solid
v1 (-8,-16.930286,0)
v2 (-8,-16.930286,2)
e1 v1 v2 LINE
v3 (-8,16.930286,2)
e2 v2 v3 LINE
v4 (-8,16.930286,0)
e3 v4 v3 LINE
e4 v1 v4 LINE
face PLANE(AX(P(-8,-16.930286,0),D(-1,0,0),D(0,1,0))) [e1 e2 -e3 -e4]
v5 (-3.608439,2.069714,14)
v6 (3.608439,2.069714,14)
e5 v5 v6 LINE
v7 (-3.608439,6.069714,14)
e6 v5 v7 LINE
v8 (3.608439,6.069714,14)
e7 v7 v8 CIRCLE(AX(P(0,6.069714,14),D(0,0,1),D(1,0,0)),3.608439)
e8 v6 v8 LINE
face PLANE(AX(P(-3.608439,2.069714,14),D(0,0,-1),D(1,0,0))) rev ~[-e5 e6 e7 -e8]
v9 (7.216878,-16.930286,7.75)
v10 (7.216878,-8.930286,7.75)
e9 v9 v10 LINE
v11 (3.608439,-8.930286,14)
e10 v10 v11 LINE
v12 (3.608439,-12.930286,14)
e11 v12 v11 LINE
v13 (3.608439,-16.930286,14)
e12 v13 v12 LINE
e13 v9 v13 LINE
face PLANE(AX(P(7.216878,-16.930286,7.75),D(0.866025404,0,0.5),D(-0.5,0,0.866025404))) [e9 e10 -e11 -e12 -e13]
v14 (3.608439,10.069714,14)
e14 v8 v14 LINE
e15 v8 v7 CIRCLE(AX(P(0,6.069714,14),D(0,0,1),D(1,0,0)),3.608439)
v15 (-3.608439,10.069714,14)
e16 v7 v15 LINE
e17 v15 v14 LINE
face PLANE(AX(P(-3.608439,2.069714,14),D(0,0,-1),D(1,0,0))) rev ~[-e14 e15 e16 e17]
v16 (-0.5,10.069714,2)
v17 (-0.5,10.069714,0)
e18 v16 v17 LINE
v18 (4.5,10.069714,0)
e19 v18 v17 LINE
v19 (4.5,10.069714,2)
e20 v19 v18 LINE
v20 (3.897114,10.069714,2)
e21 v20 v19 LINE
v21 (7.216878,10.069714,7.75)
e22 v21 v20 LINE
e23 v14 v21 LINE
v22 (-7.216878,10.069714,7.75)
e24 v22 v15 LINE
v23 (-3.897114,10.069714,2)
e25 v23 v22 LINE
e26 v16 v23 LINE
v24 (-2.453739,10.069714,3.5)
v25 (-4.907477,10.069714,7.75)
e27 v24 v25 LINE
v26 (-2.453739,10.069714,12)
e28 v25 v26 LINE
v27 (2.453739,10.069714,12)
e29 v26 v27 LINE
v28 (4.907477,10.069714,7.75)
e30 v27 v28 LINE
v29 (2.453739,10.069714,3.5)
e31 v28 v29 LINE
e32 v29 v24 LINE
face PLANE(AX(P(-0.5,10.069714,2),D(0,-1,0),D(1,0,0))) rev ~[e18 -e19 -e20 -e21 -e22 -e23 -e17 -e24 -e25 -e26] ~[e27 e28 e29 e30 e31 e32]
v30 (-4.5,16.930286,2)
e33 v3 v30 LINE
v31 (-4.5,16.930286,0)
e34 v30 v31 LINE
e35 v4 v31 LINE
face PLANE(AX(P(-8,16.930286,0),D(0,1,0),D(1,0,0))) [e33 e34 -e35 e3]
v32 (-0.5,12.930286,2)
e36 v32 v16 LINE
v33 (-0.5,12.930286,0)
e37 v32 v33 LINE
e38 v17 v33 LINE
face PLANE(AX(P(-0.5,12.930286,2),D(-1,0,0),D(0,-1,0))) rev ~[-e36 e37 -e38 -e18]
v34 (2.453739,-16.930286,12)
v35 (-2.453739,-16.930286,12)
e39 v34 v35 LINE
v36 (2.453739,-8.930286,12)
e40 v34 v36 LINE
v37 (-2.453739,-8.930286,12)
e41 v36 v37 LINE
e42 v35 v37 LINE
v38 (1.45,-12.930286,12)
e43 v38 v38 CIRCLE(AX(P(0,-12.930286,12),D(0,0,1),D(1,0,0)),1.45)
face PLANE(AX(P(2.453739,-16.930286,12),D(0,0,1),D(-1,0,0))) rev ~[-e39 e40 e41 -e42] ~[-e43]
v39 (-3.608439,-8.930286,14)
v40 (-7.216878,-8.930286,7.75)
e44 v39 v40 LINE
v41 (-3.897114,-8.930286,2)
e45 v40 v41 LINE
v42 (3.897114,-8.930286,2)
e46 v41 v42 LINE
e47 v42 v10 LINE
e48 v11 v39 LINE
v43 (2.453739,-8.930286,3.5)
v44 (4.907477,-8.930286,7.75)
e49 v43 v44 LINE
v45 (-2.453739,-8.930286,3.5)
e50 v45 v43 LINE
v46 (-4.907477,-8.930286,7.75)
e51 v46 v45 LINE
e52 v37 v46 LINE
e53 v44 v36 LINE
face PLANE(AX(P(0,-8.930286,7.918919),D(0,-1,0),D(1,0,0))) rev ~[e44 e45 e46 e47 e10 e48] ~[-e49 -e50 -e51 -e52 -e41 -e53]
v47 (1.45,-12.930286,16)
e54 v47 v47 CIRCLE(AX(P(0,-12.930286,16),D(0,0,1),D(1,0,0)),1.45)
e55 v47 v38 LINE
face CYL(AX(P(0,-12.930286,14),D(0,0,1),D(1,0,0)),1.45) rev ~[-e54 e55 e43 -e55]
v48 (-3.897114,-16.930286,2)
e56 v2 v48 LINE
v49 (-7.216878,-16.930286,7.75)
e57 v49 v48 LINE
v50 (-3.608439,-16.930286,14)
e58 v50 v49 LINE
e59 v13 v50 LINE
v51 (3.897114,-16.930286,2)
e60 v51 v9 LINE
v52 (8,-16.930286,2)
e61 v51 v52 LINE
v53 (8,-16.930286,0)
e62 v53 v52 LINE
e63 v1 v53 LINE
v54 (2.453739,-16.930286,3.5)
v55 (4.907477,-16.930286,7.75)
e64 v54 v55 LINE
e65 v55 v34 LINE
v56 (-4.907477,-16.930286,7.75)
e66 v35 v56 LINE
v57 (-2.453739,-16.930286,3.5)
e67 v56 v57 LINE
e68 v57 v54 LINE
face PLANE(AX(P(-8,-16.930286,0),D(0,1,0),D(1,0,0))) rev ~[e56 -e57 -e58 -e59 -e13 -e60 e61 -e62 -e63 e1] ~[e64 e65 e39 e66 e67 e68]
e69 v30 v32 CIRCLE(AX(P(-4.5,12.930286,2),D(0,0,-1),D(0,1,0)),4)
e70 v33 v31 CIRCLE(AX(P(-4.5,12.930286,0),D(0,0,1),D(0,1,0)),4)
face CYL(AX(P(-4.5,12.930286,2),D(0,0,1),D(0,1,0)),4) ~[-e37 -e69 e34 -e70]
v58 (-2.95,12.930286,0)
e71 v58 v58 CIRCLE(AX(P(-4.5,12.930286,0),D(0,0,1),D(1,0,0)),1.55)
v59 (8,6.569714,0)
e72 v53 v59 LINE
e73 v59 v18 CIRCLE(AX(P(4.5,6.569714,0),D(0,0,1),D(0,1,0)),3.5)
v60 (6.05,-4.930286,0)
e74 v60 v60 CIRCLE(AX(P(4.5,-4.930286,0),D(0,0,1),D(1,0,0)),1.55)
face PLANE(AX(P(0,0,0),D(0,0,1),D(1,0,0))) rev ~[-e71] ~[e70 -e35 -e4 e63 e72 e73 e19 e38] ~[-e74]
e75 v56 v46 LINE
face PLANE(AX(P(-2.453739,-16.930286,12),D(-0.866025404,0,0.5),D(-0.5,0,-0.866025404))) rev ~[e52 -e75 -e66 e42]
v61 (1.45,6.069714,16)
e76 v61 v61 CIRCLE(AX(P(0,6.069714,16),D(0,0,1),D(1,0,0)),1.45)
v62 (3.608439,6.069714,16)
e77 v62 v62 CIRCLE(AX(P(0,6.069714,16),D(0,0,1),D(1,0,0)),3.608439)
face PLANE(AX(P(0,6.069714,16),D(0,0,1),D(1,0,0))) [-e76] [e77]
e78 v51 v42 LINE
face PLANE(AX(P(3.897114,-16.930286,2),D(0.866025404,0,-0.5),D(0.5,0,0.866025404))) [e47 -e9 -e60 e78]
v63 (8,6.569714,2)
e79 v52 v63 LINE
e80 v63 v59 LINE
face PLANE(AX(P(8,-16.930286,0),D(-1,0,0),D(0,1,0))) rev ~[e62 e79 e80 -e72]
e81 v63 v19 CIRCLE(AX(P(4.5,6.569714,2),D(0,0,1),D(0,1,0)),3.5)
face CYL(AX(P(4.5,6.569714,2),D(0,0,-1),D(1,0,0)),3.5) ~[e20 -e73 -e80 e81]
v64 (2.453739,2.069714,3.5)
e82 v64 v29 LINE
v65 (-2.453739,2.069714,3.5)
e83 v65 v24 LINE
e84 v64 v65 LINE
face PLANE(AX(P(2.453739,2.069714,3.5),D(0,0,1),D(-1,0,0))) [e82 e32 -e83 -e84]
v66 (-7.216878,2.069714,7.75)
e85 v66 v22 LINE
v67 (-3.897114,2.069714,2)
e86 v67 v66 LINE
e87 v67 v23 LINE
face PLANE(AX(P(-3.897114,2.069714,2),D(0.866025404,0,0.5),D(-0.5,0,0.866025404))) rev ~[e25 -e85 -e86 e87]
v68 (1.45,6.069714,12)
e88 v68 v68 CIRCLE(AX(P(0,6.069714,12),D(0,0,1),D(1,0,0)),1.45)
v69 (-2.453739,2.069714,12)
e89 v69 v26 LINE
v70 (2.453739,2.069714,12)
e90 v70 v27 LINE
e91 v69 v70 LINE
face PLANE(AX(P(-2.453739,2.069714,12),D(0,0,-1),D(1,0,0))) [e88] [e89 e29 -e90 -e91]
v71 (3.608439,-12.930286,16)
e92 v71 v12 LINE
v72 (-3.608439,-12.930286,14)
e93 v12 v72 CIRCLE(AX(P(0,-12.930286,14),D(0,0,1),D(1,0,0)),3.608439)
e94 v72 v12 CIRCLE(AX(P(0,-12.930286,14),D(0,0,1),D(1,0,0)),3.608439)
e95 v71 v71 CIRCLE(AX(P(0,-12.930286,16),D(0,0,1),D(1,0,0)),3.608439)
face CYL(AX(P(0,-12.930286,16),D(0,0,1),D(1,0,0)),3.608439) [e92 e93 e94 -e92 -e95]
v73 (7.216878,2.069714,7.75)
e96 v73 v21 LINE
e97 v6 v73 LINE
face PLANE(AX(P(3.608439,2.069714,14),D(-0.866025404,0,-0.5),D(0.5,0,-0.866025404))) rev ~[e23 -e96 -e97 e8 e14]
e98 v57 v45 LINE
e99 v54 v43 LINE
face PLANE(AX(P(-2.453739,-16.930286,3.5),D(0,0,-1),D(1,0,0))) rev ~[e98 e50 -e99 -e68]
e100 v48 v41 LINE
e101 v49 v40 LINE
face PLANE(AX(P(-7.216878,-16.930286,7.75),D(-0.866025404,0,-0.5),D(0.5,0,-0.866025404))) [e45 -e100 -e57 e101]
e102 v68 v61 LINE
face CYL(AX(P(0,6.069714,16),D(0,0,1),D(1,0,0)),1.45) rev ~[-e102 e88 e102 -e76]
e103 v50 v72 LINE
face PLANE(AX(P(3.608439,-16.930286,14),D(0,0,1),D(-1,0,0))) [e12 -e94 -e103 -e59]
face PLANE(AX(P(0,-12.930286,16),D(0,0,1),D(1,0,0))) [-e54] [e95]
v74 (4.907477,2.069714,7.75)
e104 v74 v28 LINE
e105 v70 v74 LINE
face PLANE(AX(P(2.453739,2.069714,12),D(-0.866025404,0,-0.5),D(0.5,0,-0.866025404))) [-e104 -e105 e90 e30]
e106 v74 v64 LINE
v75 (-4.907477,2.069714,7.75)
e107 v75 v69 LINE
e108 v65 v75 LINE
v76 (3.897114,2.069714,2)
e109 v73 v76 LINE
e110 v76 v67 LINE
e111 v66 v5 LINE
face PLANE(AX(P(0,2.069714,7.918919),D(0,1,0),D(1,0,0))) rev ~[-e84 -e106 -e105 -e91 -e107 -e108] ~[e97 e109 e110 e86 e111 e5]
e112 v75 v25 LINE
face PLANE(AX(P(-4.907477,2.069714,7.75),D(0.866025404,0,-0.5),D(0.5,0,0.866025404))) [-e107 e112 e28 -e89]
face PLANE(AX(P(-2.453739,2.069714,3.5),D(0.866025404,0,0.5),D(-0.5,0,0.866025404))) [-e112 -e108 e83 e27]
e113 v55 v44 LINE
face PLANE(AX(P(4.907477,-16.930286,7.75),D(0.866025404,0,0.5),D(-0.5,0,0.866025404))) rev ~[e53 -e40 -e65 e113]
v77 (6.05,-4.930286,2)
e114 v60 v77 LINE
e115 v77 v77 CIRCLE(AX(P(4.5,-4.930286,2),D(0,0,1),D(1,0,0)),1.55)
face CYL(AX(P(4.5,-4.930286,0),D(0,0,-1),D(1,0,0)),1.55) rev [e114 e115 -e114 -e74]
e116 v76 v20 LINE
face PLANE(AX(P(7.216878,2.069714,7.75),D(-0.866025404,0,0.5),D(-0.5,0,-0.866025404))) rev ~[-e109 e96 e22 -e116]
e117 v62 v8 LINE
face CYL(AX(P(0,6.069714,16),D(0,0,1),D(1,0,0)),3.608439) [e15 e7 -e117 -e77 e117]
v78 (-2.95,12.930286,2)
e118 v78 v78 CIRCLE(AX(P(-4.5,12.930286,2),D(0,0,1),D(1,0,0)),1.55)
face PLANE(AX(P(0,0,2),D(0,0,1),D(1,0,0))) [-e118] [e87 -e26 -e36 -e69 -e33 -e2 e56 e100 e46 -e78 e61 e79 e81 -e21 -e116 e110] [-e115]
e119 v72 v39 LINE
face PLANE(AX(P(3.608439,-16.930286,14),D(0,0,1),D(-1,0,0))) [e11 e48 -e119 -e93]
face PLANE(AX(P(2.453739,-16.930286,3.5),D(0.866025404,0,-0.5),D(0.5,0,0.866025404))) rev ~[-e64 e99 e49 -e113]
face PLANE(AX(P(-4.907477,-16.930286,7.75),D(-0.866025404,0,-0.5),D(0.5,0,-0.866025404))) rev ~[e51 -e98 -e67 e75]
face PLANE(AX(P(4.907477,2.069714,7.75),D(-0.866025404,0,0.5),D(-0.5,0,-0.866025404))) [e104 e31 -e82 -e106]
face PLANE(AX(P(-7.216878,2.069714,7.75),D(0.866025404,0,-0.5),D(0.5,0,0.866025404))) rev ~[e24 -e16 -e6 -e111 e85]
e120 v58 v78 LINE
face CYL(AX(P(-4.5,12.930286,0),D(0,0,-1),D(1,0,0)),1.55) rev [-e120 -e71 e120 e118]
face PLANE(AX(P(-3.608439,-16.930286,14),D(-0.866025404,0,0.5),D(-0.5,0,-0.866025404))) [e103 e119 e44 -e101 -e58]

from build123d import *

# Parameters (mm, degrees)
SKETCH1_W           = 16
SKETCH1_H           = 33.8605711
SKETCH1_R           = 1.55
BOSS_EXTRUDE1_DEPTH = 2
BOSS_EXTRUDE2_DEPTH = 8
BOSS_EXTRUDE3_START = 11
BOSS_EXTRUDE3_DEPTH = 8
CUT_EXTRUDE1_REACH  = 25.38
SKETCH4_R           = 1.45
CUT_EXTRUDE2_REACH  = 24.24
FILLET1_R           = 3.5
BOSS_EXTRUDE4_START = 2
SKETCH6_R           = 3.608439182
SKETCH6_R_2         = 1.45
BOSS_EXTRUDE4_DEPTH = 2


with BuildPart() as part:
    # Sketch1 → Boss-Extrude1 (new body)
    with BuildSketch(Plane.XY):
        Rectangle(SKETCH1_W, SKETCH1_H)
        with Locations((-4.5, 12.93028555)):
            Circle(SKETCH1_R, mode=Mode.SUBTRACT)
        with Locations((4.5, -4.93028555)):
            Circle(SKETCH1_R, mode=Mode.SUBTRACT)
    extrude(amount=BOSS_EXTRUDE1_DEPTH)

    # Sketch2 → Boss-Extrude2 (add)
    with BuildSketch(Plane.XZ.offset(16.93028555)):
        Polygon((-3.608439182, 14), (-7.216878365, 7.75), (-3.897114317, 2), (3.897114317, 2), (7.216878365, 7.75), (3.608439182, 14), align=None)
        Polygon((-2.453738644, 3.5), (2.453738644, 3.5), (4.907477288, 7.75), (2.453738644, 12), (-2.453738644, 12), (-4.907477288, 7.75), align=None, mode=Mode.SUBTRACT)
    extrude(amount=-BOSS_EXTRUDE2_DEPTH)

    # Sketch3 → Boss-Extrude3 (add)
    with BuildSketch(Plane(origin=(0, -8.93028555, 0), x_dir=(1, 0, 0), z_dir=(0, 1, 0)).offset(BOSS_EXTRUDE3_START)):
        Polygon((-3.608439182, -14), (3.608439182, -14), (7.216878365, -7.75), (3.897114317, -2), (-3.897114317, -2), (-7.216878365, -7.75), align=None)
        Polygon((-4.907477288, -7.75), (-2.453738644, -12), (2.453738644, -12), (4.907477288, -7.75), (2.453738644, -3.5), (-2.453738644, -3.5), align=None, mode=Mode.SUBTRACT)
    extrude(amount=BOSS_EXTRUDE3_DEPTH)

    # Sketch4 → Cut-Extrude1 (cut, up to next)
    with BuildSketch(Plane.XY.offset(14), mode=Mode.PRIVATE) as cut_extrude1_sk1:
        with Locations((0, -12.93028555)):
            Circle(SKETCH4_R)
    cut_extrude1_tool1 = extrude(cut_extrude1_sk1.sketch, amount=-CUT_EXTRUDE1_REACH, mode=Mode.PRIVATE) & part.part
    # Sketch4 → Cut-Extrude1 (cut, up to next)
    with BuildSketch(Plane.XY.offset(14), mode=Mode.PRIVATE) as cut_extrude1_sk2:
        with Locations((0, 6.06971445)):
            Circle(SKETCH4_R)
    cut_extrude1_tool2 = extrude(cut_extrude1_sk2.sketch, amount=-CUT_EXTRUDE1_REACH, mode=Mode.PRIVATE) & part.part
    add(cut_extrude1_tool1.solids().sort_by_distance((0, -12.930286, 14))[0], mode=Mode.SUBTRACT)
    add(cut_extrude1_tool2.solids().sort_by_distance((0, 6.069714, 14))[0], mode=Mode.SUBTRACT)

    # Sketch5 → Cut-Extrude2 (cut, up to next)
    with BuildSketch(Plane.XY.offset(2), mode=Mode.PRIVATE) as cut_extrude2_sk1:
        with BuildLine():
            Line((-0.5, 12.93028555), (-0.5, 10.06971445))
            Line((-0.5, 10.06971445), (8, 10.06971445))
            Line((8, 10.06971445), (8, 16.93028555))
            Line((8, 16.93028555), (-4.5, 16.93028555))
            ThreePointArc((-4.5, 16.93028555), (-1.671572875, 15.758712674), (-0.5, 12.93028555))
        make_face()
    cut_extrude2_tool1 = extrude(cut_extrude2_sk1.sketch, amount=-CUT_EXTRUDE2_REACH, mode=Mode.PRIVATE) & part.part
    add(cut_extrude2_tool1.solids().sort_by_distance((3.463989, 13.641064, 2))[0], mode=Mode.SUBTRACT)

    # Fillet1
    fillet1_edges = [part.edges().sort_by_distance(p)[0] for p in [
        (8, 10.06971445, 1),
    ]]
    fillet(fillet1_edges, radius=FILLET1_R)

    # Sketch6 → Boss-Extrude4 (add)
    # profile 1 of 2: a face of its own
    with BuildSketch(Plane.XY.offset(14).offset(BOSS_EXTRUDE4_START)):
        with Locations((0, 6.06971445)):
            Circle(SKETCH6_R)
        with Locations((0, 6.06971445)):
            Circle(SKETCH6_R_2, mode=Mode.SUBTRACT)
    # profile 2 of 2: a face of its own
    with BuildSketch(Plane.XY.offset(14).offset(BOSS_EXTRUDE4_START)):
        with Locations((0, -12.93028555)):
            Circle(SKETCH6_R)
        with Locations((0, -12.93028555)):
            Circle(SKETCH6_R_2, mode=Mode.SUBTRACT)
    extrude(amount=-BOSS_EXTRUDE4_DEPTH)


solid = part.part
